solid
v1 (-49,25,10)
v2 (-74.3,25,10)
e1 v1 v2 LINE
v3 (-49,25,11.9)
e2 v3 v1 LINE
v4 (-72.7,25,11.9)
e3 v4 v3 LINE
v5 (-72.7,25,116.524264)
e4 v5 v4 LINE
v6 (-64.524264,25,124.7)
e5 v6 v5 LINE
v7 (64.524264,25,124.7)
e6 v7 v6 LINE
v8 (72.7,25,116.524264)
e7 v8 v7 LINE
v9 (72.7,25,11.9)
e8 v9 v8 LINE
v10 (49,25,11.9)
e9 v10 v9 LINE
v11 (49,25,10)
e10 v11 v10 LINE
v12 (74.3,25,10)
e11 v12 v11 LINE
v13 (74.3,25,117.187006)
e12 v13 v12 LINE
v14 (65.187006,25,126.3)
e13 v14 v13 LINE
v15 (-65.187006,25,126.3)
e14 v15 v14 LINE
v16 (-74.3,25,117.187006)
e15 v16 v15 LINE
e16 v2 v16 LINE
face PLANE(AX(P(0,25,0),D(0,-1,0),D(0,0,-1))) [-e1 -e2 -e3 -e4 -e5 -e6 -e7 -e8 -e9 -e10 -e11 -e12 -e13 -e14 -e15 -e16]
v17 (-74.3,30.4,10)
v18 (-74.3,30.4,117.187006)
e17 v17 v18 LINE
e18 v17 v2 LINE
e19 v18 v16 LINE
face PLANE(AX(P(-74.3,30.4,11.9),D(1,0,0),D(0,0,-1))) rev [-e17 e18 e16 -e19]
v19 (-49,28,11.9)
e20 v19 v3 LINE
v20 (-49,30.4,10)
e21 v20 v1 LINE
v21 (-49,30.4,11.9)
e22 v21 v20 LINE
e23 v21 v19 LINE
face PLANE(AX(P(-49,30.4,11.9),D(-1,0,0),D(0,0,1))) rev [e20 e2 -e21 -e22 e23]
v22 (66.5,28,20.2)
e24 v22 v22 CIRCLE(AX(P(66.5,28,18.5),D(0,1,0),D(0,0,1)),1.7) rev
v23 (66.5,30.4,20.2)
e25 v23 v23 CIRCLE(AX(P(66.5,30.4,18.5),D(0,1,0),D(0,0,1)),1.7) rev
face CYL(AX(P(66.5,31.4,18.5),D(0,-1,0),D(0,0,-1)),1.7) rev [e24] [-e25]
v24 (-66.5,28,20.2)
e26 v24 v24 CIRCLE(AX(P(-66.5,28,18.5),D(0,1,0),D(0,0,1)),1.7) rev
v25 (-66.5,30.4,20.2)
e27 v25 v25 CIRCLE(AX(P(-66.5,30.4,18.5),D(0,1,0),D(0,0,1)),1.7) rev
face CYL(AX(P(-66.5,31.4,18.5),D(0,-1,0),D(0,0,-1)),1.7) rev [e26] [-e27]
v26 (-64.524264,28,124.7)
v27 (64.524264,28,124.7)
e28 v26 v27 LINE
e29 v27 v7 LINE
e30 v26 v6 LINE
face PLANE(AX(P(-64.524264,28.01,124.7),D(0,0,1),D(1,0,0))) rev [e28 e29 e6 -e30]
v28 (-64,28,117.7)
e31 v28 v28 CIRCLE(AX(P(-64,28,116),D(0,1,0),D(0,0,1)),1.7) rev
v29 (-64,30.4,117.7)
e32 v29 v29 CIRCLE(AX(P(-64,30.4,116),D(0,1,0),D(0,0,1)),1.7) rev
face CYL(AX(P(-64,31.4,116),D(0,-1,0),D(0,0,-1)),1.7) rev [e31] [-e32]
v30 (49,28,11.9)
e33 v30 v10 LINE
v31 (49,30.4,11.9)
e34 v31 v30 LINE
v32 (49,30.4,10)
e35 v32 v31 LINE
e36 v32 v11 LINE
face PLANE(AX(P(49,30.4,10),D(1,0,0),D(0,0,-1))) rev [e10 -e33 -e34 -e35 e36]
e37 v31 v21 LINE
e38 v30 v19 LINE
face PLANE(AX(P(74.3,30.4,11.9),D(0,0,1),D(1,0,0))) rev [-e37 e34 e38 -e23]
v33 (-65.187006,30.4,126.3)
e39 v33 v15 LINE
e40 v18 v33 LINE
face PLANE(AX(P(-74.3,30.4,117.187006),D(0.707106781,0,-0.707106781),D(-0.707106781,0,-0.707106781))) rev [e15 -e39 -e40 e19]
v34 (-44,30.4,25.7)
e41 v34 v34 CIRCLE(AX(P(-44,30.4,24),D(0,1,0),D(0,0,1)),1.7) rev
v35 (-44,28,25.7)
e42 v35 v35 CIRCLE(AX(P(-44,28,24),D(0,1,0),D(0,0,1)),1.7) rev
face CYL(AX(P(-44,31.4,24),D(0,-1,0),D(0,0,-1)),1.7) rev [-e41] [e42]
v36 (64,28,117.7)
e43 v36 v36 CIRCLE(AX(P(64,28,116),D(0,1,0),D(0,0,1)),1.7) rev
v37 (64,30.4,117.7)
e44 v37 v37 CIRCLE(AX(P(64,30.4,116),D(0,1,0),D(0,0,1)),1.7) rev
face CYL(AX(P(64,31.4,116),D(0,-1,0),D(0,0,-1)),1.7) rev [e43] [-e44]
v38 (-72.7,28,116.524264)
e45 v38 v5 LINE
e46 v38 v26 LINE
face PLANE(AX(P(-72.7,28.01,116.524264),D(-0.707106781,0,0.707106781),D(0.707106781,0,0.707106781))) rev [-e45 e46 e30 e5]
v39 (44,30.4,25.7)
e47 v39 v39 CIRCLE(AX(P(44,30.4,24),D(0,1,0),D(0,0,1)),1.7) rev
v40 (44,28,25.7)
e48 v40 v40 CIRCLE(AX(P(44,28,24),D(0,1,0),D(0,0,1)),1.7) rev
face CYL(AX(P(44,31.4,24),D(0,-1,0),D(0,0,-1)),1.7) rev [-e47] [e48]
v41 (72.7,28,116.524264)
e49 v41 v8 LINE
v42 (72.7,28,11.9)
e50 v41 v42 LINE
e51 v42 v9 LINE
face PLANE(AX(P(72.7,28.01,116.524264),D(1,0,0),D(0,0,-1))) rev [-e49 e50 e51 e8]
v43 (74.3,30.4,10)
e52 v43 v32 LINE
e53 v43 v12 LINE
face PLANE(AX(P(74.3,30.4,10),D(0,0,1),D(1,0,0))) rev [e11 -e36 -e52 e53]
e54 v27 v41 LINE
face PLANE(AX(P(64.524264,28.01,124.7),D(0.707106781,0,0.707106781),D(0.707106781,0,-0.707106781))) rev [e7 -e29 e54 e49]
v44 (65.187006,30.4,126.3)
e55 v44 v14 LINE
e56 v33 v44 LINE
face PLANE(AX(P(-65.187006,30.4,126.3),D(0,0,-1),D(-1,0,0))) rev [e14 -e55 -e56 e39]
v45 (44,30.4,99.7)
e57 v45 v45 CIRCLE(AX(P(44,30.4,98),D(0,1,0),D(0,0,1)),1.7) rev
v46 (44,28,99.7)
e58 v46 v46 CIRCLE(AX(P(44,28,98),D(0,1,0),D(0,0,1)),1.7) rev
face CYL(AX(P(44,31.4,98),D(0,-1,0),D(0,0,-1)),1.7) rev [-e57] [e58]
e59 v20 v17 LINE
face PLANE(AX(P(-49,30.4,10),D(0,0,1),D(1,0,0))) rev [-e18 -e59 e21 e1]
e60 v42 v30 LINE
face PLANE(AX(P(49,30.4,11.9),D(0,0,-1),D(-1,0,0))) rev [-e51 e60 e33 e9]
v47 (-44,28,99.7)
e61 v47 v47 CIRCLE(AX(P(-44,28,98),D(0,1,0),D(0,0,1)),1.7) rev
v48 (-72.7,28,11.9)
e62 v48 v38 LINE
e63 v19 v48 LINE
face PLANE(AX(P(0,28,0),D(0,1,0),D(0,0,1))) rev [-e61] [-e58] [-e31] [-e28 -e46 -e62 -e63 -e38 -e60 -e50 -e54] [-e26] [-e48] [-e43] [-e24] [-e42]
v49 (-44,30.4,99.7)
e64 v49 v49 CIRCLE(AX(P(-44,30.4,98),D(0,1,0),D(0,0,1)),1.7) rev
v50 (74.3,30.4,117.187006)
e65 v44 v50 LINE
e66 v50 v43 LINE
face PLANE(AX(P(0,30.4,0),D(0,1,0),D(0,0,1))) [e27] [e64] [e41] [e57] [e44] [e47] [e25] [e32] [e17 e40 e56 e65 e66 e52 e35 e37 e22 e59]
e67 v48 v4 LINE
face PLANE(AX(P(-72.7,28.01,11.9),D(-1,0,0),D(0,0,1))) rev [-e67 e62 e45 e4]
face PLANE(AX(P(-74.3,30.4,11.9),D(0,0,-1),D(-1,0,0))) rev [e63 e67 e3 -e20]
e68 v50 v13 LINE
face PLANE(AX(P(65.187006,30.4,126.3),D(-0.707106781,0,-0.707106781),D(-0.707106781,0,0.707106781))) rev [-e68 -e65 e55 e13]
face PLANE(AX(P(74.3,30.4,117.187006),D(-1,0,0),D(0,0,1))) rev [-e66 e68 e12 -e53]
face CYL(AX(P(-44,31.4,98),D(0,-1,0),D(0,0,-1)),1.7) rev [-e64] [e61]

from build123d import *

# Parameters (mm, degrees)
LID_PLATE_DEPTH     = 2.4
DRIP_SKIRT_DEPTH    = 3.01
SKETCH3_W           = 25.3
SKETCH3_H           = 1.9
FRONT_SKIRT_L_DEPTH = 5.4
SKETCH4_W           = 25.3
SKETCH4_H           = 1.9
FRONT_SKIRT_R_DEPTH = 5.4
SKETCH5_R           = 1.7
SCREW_HOLES_DEPTH   = 4.4


with BuildPart() as part:
    # Sketch1 → Lid Plate (new body)
    with BuildSketch(Plane(origin=(0, 28, 0), x_dir=(1, 0, 0), z_dir=(0, 1, 0))):
        Polygon((-65.187005769, -126.3), (65.187005769, -126.3), (74.3, -117.187005769), (74.3, -11.9), (-74.3, -11.9), (-74.3, -117.187005769), align=None)
    extrude(amount=LID_PLATE_DEPTH)

    # Sketch2 → Drip Skirt (add)
    with BuildSketch(Plane(origin=(0, 25, 0), x_dir=(1, 0, 0), z_dir=(0, 1, 0))):
        Polygon((74.3, -11.9), (74.3, -117.187005769), (65.187005769, -126.3), (-65.187005769, -126.3), (-74.3, -117.187005769), (-74.3, -11.9), (-72.7, -11.9), (-72.7, -116.524264069), (-64.524264069, -124.7), (64.524264069, -124.7), (72.7, -116.524264069), (72.7, -11.9), align=None)
    extrude(amount=DRIP_SKIRT_DEPTH)

    # Sketch3 → Front Skirt L (add)
    with BuildSketch(Plane(origin=(0, 25, 0), x_dir=(1, 0, 0), z_dir=(0, 1, 0))):
        with Locations((-61.65, -10.95)):
            Rectangle(SKETCH3_W, SKETCH3_H)
    extrude(amount=FRONT_SKIRT_L_DEPTH)

    # Sketch4 → Front Skirt R (add)
    with BuildSketch(Plane(origin=(0, 25, 0), x_dir=(1, 0, 0), z_dir=(0, 1, 0))):
        with Locations((61.65, -10.95)):
            Rectangle(SKETCH4_W, SKETCH4_H)
    extrude(amount=FRONT_SKIRT_R_DEPTH)

    # Sketch5 → Screw Holes (cut)
    with BuildSketch(Plane(origin=(0, 27, 0), x_dir=(1, 0, 0), z_dir=(0, 1, 0))):
        with Locations(Location((-66.5, -18.5, 0), (0, 0, 270))):
            Circle(SKETCH5_R)
        with Locations(Location((66.5, -18.5, 0), (0, 0, 270))):
            Circle(SKETCH5_R)
        with Locations(Location((-64, -116, 0), (0, 0, 270))):
            Circle(SKETCH5_R)
        with Locations(Location((64, -116, 0), (0, 0, 270))):
            Circle(SKETCH5_R)
        with Locations(Location((-44, -24, 0), (0, 0, 270))):
            Circle(SKETCH5_R)
        with Locations(Location((-44, -98, 0), (0, 0, 270))):
            Circle(SKETCH5_R)
        with Locations(Location((44, -24, 0), (0, 0, 270))):
            Circle(SKETCH5_R)
        with Locations(Location((44, -98, 0), (0, 0, 270))):
            Circle(SKETCH5_R)
    extrude(amount=SCREW_HOLES_DEPTH, mode=Mode.SUBTRACT)


solid = part.part
